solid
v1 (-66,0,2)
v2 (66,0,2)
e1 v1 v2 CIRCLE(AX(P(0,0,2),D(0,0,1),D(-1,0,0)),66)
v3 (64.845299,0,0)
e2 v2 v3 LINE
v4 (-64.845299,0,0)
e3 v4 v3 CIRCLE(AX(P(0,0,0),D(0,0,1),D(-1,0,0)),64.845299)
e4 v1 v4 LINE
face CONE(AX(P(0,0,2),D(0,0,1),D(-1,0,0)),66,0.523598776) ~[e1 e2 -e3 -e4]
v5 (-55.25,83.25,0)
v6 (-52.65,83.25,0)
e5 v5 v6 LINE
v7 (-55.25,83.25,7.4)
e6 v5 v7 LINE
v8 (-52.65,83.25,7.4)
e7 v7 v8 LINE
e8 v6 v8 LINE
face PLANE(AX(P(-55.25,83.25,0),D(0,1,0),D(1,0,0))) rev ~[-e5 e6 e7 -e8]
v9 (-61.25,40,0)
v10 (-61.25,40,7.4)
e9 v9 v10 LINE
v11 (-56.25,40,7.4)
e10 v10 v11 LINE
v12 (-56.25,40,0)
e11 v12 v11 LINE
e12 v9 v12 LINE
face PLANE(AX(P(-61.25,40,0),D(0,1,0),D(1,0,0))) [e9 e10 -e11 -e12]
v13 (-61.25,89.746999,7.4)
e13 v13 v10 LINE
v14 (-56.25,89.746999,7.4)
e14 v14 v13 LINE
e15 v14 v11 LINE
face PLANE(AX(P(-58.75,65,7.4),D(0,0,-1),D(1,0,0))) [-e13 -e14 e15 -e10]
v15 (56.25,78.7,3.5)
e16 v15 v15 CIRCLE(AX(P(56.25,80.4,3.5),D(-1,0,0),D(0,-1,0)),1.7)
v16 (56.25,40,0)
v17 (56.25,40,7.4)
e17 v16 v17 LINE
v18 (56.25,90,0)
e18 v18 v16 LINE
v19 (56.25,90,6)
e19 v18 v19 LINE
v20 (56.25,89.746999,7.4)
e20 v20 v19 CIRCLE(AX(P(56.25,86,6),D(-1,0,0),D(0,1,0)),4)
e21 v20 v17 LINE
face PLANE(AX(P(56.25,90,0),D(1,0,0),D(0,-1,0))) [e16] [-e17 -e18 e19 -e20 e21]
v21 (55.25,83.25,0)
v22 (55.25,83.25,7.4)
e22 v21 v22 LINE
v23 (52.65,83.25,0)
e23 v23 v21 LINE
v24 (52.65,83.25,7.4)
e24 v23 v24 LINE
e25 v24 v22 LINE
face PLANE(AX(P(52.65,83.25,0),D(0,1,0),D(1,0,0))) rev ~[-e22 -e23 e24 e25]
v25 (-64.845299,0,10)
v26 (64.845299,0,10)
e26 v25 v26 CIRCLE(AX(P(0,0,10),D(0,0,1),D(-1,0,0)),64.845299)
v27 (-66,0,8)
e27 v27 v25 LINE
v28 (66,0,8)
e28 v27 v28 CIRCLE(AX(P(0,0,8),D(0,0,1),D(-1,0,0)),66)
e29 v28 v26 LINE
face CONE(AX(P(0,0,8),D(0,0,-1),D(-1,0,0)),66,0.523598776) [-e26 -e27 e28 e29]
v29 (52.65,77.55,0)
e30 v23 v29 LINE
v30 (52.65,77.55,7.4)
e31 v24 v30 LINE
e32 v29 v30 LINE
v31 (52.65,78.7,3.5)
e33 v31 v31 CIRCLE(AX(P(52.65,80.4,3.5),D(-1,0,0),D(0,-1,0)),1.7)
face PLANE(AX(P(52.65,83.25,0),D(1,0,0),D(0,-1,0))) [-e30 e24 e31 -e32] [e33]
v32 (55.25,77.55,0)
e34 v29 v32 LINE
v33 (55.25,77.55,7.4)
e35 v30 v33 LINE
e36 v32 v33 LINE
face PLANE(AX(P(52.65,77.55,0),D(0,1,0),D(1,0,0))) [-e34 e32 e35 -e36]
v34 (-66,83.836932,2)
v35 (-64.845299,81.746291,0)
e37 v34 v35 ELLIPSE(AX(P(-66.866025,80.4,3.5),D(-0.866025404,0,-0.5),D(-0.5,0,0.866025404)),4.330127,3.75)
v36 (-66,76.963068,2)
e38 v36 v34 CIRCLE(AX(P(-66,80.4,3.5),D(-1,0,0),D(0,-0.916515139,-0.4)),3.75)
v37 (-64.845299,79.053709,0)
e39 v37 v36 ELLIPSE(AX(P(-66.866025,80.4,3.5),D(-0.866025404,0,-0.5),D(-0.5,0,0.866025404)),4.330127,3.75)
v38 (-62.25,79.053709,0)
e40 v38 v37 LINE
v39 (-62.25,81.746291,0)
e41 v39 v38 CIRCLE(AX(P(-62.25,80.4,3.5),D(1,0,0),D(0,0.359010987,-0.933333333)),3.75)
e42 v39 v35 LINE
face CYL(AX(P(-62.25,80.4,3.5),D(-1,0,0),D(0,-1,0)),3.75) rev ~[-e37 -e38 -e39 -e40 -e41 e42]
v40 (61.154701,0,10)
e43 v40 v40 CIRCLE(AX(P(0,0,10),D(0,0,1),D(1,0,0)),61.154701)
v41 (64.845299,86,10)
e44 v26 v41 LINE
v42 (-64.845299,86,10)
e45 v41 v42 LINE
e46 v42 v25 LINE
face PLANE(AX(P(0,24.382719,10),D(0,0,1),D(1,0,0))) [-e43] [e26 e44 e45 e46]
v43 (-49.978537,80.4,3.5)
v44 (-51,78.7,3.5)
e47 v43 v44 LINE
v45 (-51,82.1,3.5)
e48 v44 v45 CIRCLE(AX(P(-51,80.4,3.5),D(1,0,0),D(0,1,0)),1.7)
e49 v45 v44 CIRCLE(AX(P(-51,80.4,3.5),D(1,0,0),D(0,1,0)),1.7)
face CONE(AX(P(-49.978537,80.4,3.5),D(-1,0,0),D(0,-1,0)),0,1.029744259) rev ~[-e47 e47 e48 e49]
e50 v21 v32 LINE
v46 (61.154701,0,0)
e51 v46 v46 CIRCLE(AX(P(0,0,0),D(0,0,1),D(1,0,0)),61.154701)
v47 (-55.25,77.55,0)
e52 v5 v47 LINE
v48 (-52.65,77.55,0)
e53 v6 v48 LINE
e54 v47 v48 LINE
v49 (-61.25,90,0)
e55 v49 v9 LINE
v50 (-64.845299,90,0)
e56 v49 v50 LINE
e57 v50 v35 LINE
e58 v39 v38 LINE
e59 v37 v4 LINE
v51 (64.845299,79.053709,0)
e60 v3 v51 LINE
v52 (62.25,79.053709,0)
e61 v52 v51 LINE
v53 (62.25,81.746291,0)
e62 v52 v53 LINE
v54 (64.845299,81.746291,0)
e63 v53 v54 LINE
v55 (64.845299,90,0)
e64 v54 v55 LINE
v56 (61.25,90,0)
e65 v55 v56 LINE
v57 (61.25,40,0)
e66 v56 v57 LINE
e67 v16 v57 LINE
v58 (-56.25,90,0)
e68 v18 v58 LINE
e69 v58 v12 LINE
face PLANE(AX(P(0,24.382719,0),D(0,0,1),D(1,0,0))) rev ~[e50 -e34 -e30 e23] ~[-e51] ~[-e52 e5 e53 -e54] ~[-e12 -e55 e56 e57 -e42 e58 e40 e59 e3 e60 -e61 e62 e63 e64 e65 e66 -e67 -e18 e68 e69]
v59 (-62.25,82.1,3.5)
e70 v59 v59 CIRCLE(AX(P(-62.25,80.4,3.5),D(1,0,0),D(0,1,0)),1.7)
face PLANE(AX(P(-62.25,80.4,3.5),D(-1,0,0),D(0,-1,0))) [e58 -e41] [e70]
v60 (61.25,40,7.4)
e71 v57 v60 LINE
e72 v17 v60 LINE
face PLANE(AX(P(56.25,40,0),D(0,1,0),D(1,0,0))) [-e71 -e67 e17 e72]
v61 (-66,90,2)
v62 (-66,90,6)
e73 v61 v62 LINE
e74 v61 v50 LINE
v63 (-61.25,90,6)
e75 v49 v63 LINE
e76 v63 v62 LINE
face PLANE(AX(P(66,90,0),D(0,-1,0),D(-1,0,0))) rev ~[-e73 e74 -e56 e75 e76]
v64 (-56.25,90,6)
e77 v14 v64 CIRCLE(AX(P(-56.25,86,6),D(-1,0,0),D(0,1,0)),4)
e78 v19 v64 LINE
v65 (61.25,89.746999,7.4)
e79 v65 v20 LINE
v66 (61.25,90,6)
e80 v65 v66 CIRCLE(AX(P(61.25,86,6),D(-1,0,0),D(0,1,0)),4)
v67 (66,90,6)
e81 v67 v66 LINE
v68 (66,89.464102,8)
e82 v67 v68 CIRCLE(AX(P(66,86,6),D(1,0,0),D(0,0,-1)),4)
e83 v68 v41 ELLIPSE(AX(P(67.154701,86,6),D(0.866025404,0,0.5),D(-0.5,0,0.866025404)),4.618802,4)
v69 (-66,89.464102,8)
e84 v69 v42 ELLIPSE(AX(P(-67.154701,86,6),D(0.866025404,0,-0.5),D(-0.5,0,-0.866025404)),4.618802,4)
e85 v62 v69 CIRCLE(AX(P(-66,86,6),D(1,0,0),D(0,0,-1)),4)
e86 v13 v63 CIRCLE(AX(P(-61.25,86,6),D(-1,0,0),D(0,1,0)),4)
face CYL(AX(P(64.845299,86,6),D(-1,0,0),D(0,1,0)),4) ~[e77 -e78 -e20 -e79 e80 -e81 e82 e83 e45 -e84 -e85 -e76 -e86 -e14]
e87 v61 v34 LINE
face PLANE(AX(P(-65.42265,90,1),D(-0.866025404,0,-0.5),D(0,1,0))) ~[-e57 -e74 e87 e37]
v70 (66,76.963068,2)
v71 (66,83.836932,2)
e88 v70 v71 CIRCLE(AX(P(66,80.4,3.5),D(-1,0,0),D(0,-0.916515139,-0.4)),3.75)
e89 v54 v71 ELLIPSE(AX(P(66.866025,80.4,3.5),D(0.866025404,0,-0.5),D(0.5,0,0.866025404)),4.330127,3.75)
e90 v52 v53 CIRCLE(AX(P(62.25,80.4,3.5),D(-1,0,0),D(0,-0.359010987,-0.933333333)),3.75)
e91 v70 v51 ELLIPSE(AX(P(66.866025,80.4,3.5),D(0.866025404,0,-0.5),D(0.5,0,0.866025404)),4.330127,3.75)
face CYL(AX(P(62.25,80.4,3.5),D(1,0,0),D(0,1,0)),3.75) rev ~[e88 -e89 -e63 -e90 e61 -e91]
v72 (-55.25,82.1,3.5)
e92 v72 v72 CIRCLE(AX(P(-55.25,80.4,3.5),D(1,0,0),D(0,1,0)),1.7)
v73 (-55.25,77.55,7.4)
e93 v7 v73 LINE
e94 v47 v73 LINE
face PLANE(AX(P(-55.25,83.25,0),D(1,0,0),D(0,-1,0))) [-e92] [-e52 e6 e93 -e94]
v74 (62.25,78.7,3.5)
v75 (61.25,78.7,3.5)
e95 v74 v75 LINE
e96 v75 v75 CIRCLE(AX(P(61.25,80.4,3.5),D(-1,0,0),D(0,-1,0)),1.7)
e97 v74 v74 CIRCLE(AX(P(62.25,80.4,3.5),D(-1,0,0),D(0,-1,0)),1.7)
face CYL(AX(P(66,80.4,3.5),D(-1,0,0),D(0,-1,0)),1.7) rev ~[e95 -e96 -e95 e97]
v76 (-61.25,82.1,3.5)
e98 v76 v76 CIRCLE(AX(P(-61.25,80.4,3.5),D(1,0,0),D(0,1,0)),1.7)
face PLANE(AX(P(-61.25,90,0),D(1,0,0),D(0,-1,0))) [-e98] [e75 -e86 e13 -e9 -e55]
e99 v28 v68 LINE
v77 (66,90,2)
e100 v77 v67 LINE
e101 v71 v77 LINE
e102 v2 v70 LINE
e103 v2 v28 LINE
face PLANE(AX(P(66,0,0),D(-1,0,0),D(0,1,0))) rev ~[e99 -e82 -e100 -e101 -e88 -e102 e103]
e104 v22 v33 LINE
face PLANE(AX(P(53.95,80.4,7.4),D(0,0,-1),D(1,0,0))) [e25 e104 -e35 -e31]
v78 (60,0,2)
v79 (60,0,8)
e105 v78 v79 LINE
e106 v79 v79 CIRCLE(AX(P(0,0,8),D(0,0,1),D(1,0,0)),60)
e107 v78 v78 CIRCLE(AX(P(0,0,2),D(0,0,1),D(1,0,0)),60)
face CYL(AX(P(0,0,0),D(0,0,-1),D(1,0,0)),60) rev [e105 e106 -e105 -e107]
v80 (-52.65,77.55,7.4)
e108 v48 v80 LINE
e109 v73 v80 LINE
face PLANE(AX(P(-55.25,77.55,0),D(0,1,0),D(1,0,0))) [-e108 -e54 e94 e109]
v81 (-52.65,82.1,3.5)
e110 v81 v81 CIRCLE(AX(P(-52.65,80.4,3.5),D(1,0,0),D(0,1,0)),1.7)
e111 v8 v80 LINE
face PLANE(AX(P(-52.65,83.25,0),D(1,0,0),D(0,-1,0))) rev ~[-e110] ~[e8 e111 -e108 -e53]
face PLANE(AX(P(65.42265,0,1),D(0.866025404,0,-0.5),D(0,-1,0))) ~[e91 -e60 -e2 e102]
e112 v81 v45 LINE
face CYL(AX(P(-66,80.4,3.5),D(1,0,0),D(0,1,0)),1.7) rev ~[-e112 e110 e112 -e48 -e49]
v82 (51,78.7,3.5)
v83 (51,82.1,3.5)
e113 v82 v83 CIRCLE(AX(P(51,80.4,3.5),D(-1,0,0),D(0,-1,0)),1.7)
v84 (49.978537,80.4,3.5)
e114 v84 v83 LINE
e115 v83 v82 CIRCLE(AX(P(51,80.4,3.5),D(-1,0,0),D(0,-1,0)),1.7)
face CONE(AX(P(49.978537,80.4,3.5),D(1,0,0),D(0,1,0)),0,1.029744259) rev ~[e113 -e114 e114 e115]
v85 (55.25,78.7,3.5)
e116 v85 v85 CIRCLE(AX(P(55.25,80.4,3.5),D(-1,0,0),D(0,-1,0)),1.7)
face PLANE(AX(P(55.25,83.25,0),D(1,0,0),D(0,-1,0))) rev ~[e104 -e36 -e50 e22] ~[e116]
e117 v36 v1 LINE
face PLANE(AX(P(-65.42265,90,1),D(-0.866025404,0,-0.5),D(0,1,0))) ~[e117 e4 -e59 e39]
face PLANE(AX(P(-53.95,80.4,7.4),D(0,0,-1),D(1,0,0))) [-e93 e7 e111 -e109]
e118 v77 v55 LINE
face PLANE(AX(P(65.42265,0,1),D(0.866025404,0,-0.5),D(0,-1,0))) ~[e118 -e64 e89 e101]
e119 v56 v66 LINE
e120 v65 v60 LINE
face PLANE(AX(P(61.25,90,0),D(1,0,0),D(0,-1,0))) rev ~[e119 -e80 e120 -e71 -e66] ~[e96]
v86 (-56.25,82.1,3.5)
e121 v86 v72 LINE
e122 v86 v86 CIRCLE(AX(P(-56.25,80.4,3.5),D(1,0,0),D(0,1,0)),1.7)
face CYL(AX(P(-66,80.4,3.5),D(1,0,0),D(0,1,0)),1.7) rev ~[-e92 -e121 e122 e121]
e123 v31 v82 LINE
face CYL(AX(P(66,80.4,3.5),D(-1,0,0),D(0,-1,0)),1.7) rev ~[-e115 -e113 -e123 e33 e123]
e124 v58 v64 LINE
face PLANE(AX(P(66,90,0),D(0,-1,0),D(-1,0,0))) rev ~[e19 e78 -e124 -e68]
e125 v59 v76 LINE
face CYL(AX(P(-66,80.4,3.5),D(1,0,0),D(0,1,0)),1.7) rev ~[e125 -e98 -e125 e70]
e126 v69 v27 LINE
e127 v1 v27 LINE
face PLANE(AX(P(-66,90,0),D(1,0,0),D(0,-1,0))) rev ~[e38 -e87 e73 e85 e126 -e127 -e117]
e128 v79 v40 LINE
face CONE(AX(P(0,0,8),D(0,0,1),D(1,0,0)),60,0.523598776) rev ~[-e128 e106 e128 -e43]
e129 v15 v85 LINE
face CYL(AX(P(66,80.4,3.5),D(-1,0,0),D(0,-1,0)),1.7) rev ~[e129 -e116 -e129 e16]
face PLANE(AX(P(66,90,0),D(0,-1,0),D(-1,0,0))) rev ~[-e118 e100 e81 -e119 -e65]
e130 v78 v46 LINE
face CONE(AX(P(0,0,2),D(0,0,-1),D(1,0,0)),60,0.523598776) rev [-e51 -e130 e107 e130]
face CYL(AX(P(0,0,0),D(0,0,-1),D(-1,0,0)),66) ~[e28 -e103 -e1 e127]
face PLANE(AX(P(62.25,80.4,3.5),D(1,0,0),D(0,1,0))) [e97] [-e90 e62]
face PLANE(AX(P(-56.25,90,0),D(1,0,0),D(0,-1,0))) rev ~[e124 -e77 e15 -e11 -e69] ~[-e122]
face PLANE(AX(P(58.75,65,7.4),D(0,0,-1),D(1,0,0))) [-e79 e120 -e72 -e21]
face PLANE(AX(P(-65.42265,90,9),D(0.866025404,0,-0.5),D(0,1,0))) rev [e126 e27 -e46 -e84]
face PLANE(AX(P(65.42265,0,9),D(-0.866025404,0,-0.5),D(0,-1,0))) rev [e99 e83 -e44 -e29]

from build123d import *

# Parameters (mm, degrees)
F0_R                 = 60
F1_DEPTH             = 10
F2_SIZE2             = 1.1547005384
F2_SIZE              = 2
F2_2_SIZE2           = 1.1547005384
F2_2_SIZE            = 2
F3_R                 = 4
F4_W                 = 5
F4_H                 = 50
F4_W_2               = 2.6
F4_H_2               = 5.7
F5_DEPTH             = 7.4
F8_D                 = 3.4
F8_DEPTH             = 15
F8_CBORE_D           = 7.5
F8_CBORE_DEPTH       = 3.75
F8_TIP               = 1.0214630523
F8_ON_F7_D           = 3.4
F8_ON_F7_DEPTH       = 15
F8_ON_F7_CBORE_D     = 7.5
F8_ON_F7_CBORE_DEPTH = 3.75
F8_ON_F7_TIP         = 1.0214630523


with BuildPart() as f1:
    # F0 (on Top) → F1 (new body)
    with BuildSketch(Plane.XY):
        with BuildLine():
            Line((-66, 90), (-66, 0))
            ThreePointArc((-66, 0), (0, -66), (66, 0))
            Line((66, 0), (66, 90))
            Line((66, 90), (-66, 90))
        make_face()
        Circle(F0_R, mode=Mode.SUBTRACT)
    extrude(amount=F1_DEPTH)

    # F2
    f2_edges = [f1.edges().sort_by_distance(p)[0] for p in [
        (0, -66, 0),
        (0, -66, 10),
    ]]
    f2_side = f1.faces().sort_by_distance((0, -66, 5))[0]
    chamfer(f2_edges, length=F2_SIZE, length2=F2_SIZE2, reference=f2_side)

    # F2#2
    f2_2_edges = [f1.edges().sort_by_distance(p)[0] for p in [
        (-60, 0, 10),
        (-60, 0, 0),
    ]]
    f2_2_side = f1.faces().sort_by_distance((-60, 0, 5))[0]
    chamfer(f2_2_edges, length=F2_2_SIZE, length2=F2_2_SIZE2, reference=f2_2_side)

    # F3
    f3_edges = [f1.edges().sort_by_distance(p)[0] for p in [
        (0, 90, 10),
    ]]
    fillet(f3_edges, radius=F3_R)

    # F4 (on face) → F5 (cut)
    with BuildSketch(Plane(origin=(0, 0, 0), x_dir=(1, 0, 0), z_dir=(0, 0, -1))):
        with Locations((58.75, -65)):
            Rectangle(F4_W, F4_H)
        with Locations((-58.75, -65)):
            Rectangle(F4_W, F4_H)
        with Locations((-53.95, -80.4)):
            Rectangle(F4_W_2, F4_H_2)
        with Locations((53.95, -80.4)):
            Rectangle(F4_W_2, F4_H_2)
    extrude(amount=-F5_DEPTH, mode=Mode.SUBTRACT)

    # F8
    with Locations(Plane(origin=(-66, 0, 0), x_dir=(0, -1, 0), z_dir=(-1, 0, 0))):
        with Locations((-80.4, 3.5)):
            CounterBoreHole(F8_D / 2, F8_CBORE_D / 2, F8_CBORE_DEPTH, depth=F8_DEPTH)
            with Locations((0, 0, -(F8_DEPTH + F8_TIP / 2))):  # 118° drill point
                Cone(0, F8_D / 2, F8_TIP, mode=Mode.SUBTRACT)

    # F8 on F7
    with Locations(Plane.YZ.offset(66)):
        with Locations((80.4, 3.5)):
            CounterBoreHole(F8_ON_F7_D / 2, F8_ON_F7_CBORE_D / 2, F8_ON_F7_CBORE_DEPTH, depth=F8_ON_F7_DEPTH)
            with Locations((0, 0, -(F8_ON_F7_DEPTH + F8_ON_F7_TIP / 2))):  # 118° drill point
                Cone(0, F8_ON_F7_D / 2, F8_ON_F7_TIP, mode=Mode.SUBTRACT)


solid = f1.part
